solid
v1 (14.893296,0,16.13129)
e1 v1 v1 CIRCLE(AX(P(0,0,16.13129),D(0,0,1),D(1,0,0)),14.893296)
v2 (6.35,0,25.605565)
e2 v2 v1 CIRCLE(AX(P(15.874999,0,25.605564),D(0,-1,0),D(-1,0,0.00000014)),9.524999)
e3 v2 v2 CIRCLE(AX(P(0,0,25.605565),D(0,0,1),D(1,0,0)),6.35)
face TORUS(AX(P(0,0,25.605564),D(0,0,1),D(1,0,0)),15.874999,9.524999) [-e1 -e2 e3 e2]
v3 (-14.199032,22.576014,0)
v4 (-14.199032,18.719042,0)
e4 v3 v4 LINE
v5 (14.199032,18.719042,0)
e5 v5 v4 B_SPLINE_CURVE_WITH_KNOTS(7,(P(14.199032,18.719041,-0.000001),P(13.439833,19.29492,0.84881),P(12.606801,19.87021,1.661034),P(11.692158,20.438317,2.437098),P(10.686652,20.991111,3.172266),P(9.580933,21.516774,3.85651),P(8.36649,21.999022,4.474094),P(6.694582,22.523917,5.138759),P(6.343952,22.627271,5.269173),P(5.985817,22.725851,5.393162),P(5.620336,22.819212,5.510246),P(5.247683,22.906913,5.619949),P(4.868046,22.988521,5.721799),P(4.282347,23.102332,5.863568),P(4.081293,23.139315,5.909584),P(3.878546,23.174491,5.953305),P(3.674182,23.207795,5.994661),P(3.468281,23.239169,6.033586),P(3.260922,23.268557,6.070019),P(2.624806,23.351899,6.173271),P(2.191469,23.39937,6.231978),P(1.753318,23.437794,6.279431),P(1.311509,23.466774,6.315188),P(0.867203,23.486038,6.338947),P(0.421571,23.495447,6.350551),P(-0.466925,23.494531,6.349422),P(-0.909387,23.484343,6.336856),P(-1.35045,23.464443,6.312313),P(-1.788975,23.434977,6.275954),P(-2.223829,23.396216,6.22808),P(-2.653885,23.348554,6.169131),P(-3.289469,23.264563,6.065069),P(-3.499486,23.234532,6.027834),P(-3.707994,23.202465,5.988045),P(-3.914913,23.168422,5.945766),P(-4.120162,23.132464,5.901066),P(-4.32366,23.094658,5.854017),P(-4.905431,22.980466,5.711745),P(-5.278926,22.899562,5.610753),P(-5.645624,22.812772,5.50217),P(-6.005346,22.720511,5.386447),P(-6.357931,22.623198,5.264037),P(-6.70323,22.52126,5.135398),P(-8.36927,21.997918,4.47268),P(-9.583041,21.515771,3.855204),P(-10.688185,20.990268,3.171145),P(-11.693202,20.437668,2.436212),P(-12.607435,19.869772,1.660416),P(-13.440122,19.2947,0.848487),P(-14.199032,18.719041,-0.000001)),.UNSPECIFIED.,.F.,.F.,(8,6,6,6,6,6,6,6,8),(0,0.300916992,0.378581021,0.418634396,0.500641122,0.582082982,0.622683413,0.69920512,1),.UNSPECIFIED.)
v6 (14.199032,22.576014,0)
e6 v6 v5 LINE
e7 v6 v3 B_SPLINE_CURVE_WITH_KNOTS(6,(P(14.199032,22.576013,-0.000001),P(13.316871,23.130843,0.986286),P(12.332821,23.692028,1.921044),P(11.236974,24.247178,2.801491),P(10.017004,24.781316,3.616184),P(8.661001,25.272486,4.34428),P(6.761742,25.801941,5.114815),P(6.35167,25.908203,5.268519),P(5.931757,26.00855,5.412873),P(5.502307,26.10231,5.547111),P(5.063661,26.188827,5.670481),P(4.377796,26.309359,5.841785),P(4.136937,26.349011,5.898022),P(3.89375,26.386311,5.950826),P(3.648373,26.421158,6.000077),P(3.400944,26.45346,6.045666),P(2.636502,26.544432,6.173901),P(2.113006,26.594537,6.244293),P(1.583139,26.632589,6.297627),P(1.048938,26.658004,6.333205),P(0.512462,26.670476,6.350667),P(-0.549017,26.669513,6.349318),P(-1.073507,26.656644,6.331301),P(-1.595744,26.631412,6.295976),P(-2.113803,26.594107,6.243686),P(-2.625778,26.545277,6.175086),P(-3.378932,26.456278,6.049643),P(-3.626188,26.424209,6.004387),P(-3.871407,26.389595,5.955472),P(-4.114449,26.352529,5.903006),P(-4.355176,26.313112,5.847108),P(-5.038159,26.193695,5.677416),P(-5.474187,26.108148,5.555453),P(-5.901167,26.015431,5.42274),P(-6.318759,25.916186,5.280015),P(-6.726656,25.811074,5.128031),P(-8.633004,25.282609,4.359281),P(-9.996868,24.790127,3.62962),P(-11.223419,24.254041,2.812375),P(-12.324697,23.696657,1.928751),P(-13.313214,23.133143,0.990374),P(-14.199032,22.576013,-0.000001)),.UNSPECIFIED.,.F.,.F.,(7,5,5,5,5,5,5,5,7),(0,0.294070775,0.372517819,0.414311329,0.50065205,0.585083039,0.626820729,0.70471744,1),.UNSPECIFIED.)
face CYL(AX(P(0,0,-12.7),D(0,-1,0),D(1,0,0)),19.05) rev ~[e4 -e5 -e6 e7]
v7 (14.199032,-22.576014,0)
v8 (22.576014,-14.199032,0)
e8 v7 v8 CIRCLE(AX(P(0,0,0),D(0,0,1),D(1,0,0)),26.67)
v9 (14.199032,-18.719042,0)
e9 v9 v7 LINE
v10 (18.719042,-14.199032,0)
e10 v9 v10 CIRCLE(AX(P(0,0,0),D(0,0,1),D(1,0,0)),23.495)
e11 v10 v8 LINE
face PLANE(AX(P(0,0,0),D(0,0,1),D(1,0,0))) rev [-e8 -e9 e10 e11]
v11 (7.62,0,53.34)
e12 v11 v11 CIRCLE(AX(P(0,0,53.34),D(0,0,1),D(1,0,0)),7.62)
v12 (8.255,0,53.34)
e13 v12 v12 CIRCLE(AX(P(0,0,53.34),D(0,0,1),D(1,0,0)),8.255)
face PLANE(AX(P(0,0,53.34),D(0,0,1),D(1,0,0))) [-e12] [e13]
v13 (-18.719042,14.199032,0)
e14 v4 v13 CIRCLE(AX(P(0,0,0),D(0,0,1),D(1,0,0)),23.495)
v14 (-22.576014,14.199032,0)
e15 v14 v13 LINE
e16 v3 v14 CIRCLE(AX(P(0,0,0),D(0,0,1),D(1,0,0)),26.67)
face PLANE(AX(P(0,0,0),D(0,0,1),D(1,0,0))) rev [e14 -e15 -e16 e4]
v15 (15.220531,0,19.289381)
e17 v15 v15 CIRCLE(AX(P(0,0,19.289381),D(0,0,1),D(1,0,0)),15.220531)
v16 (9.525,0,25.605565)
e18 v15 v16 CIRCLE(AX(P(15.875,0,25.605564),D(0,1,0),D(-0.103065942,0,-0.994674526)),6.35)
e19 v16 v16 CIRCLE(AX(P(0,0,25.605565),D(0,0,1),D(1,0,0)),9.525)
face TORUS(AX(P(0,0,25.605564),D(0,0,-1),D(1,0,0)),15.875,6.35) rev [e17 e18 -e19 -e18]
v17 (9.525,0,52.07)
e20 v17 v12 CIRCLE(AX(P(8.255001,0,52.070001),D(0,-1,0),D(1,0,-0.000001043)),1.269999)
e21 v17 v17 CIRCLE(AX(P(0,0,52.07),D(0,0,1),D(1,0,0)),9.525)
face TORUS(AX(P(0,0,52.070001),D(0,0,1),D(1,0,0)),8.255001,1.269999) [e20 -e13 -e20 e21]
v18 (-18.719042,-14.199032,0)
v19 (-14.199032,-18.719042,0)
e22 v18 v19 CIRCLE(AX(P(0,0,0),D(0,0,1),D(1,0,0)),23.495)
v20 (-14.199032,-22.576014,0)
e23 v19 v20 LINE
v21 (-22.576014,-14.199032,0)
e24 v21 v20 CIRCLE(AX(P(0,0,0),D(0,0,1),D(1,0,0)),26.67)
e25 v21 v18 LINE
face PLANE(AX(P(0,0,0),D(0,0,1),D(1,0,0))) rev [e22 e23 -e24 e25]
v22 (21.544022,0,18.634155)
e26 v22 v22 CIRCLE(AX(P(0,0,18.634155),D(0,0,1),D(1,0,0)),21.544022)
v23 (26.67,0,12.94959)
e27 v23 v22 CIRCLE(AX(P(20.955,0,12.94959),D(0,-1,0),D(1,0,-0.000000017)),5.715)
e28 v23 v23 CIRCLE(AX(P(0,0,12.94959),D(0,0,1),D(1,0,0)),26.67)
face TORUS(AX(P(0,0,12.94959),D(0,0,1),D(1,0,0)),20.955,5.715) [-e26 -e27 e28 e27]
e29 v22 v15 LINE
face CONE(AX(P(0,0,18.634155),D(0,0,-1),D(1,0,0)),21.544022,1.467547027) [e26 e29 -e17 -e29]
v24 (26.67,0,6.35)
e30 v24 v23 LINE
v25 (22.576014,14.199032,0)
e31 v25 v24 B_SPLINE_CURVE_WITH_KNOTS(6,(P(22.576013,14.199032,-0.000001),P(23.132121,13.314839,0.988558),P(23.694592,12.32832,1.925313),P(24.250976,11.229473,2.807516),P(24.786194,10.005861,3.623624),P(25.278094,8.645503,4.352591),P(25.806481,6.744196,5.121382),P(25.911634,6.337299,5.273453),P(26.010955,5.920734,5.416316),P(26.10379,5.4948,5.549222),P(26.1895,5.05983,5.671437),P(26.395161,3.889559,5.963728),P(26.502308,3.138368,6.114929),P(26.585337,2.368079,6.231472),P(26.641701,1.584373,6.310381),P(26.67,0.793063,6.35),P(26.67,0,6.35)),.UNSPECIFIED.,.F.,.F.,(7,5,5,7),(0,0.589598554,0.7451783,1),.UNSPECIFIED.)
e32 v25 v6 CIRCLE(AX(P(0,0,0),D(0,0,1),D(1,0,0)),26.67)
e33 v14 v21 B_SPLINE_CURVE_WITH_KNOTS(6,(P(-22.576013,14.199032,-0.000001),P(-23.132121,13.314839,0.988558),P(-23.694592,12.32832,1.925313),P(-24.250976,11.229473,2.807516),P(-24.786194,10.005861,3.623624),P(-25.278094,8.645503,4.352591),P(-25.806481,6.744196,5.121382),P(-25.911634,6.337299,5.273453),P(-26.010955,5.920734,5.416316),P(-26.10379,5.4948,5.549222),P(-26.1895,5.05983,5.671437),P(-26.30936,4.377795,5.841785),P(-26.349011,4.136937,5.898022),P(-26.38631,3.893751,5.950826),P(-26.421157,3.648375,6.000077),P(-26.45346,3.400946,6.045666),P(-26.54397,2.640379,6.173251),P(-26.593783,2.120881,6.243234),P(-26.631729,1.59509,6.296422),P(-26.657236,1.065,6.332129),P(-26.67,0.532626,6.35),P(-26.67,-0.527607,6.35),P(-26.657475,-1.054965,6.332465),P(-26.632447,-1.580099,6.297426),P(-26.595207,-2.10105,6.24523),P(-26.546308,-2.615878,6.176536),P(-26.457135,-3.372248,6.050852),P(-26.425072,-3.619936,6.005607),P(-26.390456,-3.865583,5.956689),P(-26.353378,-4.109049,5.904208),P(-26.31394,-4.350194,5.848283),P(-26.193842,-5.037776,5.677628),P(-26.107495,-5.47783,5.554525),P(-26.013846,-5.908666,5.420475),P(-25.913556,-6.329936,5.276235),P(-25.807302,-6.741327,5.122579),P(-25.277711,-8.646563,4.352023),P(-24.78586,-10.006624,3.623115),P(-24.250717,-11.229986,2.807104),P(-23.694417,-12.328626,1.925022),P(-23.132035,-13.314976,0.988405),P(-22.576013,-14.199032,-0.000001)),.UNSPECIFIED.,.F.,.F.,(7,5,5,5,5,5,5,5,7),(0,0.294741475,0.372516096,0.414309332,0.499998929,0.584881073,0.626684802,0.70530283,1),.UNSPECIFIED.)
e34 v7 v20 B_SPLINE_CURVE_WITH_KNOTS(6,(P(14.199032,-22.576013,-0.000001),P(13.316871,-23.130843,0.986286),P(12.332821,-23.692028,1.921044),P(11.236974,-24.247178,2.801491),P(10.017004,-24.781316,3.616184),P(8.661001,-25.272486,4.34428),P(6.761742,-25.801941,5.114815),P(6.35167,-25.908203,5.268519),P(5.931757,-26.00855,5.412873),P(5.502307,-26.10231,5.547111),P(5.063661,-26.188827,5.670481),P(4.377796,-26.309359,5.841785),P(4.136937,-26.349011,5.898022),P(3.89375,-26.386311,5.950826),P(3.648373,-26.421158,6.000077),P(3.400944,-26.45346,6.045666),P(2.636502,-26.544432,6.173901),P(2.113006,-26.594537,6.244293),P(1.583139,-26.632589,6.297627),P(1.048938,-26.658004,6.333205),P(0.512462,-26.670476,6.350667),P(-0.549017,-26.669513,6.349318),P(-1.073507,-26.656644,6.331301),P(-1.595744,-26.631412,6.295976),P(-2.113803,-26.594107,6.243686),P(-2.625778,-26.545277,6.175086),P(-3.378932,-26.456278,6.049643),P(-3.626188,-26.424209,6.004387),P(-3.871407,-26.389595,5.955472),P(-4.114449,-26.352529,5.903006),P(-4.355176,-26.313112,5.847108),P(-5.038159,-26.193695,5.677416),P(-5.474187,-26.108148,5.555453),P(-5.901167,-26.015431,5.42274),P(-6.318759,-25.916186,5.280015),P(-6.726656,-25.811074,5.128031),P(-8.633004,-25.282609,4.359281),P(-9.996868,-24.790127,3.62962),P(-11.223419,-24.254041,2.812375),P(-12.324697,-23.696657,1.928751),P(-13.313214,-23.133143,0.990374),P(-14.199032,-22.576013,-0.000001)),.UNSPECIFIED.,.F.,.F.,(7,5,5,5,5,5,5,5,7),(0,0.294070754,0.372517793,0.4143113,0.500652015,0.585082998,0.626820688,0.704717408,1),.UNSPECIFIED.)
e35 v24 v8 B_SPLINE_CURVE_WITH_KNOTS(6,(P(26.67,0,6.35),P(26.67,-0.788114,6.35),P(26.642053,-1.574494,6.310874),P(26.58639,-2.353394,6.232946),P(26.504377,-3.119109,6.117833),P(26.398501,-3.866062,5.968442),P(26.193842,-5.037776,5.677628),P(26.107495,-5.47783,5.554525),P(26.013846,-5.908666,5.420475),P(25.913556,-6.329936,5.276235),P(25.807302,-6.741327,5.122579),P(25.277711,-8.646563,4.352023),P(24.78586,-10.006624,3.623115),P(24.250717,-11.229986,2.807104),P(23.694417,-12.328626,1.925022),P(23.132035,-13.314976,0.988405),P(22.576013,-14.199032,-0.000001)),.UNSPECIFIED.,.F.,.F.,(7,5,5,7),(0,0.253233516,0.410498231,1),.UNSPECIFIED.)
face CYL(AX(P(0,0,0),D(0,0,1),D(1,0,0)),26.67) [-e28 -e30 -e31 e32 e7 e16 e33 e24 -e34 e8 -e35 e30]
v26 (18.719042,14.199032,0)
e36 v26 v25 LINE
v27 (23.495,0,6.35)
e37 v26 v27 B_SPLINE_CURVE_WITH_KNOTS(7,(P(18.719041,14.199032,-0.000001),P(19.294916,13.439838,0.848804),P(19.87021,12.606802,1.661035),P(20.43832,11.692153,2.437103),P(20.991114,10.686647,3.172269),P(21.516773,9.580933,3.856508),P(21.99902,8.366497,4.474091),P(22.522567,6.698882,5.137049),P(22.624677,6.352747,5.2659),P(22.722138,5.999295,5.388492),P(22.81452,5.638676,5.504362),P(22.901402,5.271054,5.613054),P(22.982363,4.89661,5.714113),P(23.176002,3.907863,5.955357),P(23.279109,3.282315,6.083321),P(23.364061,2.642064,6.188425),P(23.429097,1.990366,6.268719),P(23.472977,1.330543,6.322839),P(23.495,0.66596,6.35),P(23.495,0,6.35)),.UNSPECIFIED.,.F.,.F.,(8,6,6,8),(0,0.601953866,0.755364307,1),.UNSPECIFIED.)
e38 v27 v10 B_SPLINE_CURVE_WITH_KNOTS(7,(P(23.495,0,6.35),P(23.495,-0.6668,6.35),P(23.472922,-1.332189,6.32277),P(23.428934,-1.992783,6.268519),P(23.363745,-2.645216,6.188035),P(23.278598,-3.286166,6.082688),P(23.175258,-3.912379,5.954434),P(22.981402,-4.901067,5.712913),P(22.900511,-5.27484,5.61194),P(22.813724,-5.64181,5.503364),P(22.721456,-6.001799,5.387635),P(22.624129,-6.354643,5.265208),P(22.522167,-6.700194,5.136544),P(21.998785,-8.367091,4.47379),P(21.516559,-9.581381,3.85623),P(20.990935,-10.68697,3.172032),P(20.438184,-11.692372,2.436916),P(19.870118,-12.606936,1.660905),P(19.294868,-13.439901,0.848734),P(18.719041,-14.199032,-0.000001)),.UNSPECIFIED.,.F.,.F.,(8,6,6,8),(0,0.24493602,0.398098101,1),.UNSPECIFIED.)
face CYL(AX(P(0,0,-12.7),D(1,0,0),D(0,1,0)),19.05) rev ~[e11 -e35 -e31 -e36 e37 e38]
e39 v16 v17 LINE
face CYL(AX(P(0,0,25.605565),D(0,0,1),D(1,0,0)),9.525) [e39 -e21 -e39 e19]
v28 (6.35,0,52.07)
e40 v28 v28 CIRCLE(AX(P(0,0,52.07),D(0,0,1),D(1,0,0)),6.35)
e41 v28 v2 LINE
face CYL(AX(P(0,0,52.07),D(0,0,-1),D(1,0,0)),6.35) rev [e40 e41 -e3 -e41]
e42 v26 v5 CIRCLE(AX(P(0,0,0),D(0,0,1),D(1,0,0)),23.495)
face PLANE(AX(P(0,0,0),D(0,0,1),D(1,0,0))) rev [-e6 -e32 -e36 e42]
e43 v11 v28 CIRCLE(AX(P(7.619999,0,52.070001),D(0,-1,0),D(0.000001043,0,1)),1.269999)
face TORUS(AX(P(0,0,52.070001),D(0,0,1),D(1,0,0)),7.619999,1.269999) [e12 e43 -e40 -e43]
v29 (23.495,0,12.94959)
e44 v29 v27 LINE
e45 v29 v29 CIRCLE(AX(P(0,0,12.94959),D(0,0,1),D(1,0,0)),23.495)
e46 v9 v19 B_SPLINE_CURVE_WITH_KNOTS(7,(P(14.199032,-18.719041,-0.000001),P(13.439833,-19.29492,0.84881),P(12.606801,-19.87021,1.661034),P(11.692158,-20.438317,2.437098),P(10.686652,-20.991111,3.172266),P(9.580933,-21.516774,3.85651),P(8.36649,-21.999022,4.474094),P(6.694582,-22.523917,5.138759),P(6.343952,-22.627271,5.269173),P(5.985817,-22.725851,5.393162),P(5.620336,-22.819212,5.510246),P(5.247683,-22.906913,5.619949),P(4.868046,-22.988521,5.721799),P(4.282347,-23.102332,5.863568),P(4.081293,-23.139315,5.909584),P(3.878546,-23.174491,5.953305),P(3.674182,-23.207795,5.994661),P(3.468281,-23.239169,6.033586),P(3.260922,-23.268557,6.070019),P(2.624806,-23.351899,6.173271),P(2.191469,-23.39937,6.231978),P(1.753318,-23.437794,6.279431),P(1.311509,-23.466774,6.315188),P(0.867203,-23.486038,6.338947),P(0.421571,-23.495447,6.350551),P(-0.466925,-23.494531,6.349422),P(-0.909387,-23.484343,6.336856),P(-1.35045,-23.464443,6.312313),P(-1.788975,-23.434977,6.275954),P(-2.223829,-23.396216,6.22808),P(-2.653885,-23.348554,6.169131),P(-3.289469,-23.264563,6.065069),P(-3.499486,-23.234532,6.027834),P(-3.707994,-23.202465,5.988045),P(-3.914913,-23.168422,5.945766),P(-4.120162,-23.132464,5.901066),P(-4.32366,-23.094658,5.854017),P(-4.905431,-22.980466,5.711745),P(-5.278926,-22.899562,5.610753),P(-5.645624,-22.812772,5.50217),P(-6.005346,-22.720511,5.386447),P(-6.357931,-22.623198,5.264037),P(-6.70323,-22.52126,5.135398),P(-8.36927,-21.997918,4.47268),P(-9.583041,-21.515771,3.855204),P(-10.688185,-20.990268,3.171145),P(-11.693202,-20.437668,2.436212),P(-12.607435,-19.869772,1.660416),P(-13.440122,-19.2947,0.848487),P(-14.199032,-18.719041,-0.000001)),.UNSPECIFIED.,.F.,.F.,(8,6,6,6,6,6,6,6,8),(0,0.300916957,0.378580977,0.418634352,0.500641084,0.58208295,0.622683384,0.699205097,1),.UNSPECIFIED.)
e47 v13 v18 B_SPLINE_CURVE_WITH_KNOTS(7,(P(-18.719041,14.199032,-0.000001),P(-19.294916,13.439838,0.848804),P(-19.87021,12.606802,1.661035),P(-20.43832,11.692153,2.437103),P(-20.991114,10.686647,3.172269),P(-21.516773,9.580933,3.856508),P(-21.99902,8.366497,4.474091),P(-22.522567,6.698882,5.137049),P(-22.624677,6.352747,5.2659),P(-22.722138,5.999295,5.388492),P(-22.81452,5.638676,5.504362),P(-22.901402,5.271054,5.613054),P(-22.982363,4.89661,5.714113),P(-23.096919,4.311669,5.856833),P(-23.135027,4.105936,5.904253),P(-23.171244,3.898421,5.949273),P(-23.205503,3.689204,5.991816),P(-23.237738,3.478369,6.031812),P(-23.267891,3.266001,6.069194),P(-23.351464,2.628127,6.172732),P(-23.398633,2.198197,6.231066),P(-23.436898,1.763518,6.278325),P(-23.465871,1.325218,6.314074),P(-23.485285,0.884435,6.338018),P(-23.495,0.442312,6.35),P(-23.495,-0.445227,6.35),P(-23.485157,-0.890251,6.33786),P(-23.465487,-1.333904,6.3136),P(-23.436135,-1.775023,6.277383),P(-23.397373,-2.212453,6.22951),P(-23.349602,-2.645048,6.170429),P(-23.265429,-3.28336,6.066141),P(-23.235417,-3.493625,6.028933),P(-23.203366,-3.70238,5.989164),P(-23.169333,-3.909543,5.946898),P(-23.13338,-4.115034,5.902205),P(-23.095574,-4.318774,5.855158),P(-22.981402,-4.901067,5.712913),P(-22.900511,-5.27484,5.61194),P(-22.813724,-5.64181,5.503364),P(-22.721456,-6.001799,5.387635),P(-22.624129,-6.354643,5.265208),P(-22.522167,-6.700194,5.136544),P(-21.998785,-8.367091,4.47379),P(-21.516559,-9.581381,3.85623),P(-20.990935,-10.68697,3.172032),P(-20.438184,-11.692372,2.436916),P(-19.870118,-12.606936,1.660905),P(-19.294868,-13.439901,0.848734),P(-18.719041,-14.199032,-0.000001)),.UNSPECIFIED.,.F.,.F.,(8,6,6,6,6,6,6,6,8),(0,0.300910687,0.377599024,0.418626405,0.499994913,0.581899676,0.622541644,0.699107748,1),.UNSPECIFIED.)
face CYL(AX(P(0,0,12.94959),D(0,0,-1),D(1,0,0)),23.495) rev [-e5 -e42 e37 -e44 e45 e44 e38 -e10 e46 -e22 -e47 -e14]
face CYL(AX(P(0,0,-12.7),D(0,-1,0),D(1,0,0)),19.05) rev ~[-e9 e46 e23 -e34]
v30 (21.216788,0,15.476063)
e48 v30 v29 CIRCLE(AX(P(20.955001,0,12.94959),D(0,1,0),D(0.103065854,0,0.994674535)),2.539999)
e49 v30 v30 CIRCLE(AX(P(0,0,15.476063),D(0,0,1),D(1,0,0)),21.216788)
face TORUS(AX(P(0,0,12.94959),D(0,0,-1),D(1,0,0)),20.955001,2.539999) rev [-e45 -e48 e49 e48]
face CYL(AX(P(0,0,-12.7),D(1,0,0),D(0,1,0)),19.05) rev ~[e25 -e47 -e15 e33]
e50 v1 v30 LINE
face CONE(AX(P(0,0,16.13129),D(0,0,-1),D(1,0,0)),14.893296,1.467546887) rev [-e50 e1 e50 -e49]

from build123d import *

# Parameters (mm, degrees)
F2_R     = 19.05
F3_DEPTH = 38.1
F4_R     = 19.05
F5_DEPTH = 38.1


with BuildPart() as f1:
    # F0 (on Front) → F1 (revolve)
    with BuildSketch(Plane.XZ):
        with BuildLine():
            ThreePointArc((7.62, 53.34), (6.721974, 52.968026), (6.35, 52.07))
            Line((6.35, 52.07), (6.35, 25.605565))
            ThreePointArc((6.35, 25.605565), (8.801233, 19.226893), (14.893296, 16.13129))
            Line((14.893296, 16.13129), (21.216788, 15.476063))
            ThreePointArc((21.216788, 15.476063), (22.841338, 14.650569), (23.495, 12.94959))
            Line((23.495, 12.94959), (23.495, 0))
            Line((23.495, 0), (26.67, 0))
            Line((26.67, 0), (26.67, 12.94959))
            ThreePointArc((26.67, 12.94959), (25.19926, 16.776793), (21.544022, 18.634155))
            Line((21.544022, 18.634155), (15.220531, 19.289381))
            ThreePointArc((15.220531, 19.289381), (11.159155, 21.353117), (9.525, 25.605565))
            Line((9.525, 25.605565), (9.525, 52.07))
            ThreePointArc((9.525, 52.07), (9.153026, 52.968026), (8.255, 53.34))
            Line((8.255, 53.34), (7.62, 53.34))
        make_face()
    revolve(axis=Axis((0, 0, 26.67), (0, 0, 1)))

    # F2 (on Front) → F3 (cut, symmetric)
    with BuildSketch(Plane.XZ):
        with Locations((0, -12.7)):
            Circle(F2_R)
    extrude(amount=F3_DEPTH, both=True, mode=Mode.SUBTRACT)

    # F4 (on Right) → F5 (cut, symmetric)
    with BuildSketch(Plane.YZ):
        with Locations((0, -12.7)):
            Circle(F4_R)
    extrude(amount=F5_DEPTH, both=True, mode=Mode.SUBTRACT)


solid = f1.part
